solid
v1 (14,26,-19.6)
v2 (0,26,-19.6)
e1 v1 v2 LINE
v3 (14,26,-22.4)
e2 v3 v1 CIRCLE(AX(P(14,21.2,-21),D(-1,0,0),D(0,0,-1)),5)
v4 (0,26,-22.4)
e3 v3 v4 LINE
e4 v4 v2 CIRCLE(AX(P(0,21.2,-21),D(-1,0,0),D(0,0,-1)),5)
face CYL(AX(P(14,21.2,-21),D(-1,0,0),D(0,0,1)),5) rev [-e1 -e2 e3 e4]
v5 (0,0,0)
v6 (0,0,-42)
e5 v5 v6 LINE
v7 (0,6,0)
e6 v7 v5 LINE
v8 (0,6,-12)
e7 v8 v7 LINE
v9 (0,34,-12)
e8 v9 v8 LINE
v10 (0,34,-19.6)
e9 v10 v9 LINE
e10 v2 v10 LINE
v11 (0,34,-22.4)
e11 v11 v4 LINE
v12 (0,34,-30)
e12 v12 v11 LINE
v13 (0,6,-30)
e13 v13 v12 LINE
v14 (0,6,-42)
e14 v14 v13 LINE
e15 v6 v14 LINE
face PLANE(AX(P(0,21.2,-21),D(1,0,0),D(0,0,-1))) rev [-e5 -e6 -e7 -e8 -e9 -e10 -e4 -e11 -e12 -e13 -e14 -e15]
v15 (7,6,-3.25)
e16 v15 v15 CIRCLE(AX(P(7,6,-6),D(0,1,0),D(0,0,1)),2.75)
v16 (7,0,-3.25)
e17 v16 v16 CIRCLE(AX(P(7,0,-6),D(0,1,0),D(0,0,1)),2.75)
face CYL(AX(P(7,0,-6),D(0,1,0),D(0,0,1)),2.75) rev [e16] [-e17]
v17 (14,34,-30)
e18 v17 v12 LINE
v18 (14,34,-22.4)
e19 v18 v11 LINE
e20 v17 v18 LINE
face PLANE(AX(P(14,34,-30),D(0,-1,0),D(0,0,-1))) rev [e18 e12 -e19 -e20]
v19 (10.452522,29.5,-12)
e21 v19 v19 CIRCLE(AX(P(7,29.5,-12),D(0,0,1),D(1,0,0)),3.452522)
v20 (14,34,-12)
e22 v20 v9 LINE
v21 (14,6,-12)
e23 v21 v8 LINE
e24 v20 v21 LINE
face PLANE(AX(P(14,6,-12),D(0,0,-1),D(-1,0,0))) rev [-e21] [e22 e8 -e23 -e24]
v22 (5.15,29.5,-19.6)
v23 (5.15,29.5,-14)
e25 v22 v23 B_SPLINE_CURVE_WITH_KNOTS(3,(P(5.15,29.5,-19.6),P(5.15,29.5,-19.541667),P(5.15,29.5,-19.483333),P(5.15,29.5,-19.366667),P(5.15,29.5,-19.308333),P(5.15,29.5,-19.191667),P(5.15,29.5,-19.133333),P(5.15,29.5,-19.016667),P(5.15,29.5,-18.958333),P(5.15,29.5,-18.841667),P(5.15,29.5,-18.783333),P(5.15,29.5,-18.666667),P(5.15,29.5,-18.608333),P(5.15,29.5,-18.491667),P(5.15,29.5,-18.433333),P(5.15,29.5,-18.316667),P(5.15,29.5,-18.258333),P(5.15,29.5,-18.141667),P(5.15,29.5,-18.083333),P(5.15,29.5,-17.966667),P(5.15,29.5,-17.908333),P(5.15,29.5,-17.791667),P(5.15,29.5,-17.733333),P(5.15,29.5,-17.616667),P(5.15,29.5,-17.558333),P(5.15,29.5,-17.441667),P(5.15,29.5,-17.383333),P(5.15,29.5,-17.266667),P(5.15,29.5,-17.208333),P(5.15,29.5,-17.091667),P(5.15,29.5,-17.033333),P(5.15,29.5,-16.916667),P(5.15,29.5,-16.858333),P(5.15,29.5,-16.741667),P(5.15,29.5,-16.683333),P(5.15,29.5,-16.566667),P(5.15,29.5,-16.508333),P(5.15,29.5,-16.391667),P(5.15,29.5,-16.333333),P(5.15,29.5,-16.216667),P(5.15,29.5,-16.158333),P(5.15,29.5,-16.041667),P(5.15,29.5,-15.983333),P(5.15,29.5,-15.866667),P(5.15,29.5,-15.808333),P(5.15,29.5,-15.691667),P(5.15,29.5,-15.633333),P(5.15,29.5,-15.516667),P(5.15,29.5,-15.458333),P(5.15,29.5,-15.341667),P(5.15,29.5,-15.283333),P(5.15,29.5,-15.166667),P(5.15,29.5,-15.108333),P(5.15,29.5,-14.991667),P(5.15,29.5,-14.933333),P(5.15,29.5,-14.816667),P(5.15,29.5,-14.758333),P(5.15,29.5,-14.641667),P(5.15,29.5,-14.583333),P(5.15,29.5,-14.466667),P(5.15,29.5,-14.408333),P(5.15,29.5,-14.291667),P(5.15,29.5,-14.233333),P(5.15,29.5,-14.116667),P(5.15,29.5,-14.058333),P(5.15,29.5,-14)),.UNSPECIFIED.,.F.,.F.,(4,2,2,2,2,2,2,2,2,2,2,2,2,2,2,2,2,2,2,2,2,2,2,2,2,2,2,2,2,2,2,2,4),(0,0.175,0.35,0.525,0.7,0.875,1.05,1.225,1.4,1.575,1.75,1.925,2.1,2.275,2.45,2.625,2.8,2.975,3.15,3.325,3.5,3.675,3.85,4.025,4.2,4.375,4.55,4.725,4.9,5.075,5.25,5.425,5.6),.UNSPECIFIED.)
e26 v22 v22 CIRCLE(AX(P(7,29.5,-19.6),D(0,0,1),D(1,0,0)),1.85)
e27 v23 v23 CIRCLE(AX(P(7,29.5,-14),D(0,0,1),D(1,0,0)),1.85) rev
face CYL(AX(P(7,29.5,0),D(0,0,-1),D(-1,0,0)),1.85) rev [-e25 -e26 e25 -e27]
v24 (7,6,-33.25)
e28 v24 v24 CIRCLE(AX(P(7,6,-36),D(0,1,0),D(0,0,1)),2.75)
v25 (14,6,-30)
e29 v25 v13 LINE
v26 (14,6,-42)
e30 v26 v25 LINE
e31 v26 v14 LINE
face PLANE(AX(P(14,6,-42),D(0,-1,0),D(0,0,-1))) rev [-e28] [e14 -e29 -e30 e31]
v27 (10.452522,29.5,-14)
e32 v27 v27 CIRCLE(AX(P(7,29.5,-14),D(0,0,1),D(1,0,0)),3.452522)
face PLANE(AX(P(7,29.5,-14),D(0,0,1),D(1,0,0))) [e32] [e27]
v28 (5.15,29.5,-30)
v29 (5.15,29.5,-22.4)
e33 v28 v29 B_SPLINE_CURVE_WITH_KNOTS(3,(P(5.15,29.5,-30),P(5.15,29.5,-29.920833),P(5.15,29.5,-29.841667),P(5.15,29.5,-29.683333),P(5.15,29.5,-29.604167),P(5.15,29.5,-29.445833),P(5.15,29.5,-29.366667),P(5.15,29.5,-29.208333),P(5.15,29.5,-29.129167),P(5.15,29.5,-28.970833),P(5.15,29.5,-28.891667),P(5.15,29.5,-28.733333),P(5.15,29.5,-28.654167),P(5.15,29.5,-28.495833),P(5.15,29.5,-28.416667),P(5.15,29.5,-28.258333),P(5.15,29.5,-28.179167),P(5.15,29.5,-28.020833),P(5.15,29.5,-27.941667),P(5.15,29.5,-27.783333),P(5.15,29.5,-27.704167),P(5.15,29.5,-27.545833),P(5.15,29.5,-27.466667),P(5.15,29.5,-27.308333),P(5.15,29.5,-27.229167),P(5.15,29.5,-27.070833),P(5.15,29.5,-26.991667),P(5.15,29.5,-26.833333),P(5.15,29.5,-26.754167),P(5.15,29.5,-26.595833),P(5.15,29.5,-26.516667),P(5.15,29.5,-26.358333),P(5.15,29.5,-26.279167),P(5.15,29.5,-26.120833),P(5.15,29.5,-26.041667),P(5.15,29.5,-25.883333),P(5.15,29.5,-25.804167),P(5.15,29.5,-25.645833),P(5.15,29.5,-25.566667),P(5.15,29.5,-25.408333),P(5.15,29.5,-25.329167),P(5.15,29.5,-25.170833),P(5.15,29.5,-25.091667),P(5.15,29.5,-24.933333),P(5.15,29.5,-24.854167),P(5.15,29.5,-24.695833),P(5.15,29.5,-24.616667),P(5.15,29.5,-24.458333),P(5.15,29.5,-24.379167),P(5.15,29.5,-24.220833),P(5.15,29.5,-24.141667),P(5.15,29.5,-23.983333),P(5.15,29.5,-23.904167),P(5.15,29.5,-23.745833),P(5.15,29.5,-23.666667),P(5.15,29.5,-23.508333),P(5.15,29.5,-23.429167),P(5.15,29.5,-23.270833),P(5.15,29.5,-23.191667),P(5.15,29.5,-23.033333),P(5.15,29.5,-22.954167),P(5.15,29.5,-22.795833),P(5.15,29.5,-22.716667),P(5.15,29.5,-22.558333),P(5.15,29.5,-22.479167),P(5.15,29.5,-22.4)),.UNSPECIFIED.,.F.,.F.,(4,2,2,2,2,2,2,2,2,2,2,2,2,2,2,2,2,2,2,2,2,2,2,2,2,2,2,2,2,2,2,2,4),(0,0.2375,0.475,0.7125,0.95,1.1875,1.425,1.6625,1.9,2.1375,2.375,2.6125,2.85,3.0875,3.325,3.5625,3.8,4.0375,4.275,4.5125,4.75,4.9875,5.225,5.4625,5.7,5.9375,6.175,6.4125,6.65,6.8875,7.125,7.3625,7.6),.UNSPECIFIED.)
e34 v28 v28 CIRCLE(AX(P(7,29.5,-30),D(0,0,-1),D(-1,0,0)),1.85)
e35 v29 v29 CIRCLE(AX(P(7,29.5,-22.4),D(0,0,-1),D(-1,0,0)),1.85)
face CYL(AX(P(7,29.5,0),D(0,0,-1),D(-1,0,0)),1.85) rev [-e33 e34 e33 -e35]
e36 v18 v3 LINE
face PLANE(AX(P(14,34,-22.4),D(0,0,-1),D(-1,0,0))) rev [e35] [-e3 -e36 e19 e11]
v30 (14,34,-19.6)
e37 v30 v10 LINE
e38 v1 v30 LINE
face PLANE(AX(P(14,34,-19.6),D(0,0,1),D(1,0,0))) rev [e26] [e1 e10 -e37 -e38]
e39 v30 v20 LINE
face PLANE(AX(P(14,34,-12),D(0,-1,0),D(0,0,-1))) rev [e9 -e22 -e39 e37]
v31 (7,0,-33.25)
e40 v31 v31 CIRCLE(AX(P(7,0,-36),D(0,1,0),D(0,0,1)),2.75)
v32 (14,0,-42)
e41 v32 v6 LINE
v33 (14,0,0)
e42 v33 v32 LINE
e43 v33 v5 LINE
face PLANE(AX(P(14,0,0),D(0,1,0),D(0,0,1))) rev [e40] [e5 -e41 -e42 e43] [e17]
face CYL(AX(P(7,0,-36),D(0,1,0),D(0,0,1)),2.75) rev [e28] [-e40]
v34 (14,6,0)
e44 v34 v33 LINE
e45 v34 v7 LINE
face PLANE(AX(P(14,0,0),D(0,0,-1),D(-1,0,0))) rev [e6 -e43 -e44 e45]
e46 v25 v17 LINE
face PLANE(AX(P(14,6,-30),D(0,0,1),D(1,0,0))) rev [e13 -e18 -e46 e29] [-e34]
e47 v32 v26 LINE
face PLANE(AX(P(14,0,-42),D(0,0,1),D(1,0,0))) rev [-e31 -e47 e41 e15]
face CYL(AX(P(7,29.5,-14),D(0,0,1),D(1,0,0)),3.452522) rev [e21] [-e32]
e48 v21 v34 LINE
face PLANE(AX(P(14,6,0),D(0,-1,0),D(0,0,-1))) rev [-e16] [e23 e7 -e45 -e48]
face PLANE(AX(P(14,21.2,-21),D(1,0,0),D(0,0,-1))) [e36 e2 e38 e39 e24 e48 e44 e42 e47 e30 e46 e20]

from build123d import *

# Parameters (mm, degrees)
BOSS_EXTRUDE1_DEPTH = 14
SKETCH3_R           = 1.85
CUT_EXTRUDE1_DEPTH  = 48.455242071
SKETCH4_R           = 2.75
CUT_EXTRUDE2_DEPTH  = 53.383203415
SKETCH5_R           = 3.452522479
CUT_EXTRUDE3_DEPTH  = 2


with BuildPart() as part:
    # Sketch2 → Boss-Extrude1 (new body)
    with BuildSketch(Plane(origin=(0, 0, 0), x_dir=(0, 0, -1), z_dir=(1, 0, 0))):
        with BuildLine():
            Line((0, 0), (42, 0))
            Line((42, 0), (42, 6))
            Line((42, 6), (30, 6))
            Line((30, 6), (30, 34))
            Line((30, 34), (22.4, 34))
            Line((22.4, 34), (22.4, 26))
            ThreePointArc((22.4, 26), (21, 16.2), (19.6, 26))
            Line((19.6, 26), (19.6, 34))
            Line((19.6, 34), (12, 34))
            Line((12, 34), (12, 6))
            Line((12, 6), (0, 6))
            Line((0, 6), (0, 0))
        make_face()
    extrude(amount=BOSS_EXTRUDE1_DEPTH)

    # Sketch3 → Cut-Extrude1 (cut, through all)
    with BuildSketch(Plane(origin=(0, 0, -30), x_dir=(-1, 0, 0), z_dir=(0, 0, -1))):
        with Locations((-7, 29.5)):
            Circle(SKETCH3_R)
    extrude(amount=-CUT_EXTRUDE1_DEPTH, mode=Mode.SUBTRACT)

    # Sketch4 → Cut-Extrude2 (cut, through all)
    with BuildSketch(Plane(origin=(0, 6, 0), x_dir=(1, 0, 0), z_dir=(0, 1, 0))):
        with Locations(Location((7, 36, 0), (0, 0, 270))):
            Circle(SKETCH4_R)
        with Locations(Location((7, 6, 0), (0, 0, 270))):
            Circle(SKETCH4_R)
    extrude(amount=-CUT_EXTRUDE2_DEPTH, mode=Mode.SUBTRACT)

    # Sketch5 → Cut-Extrude3 (cut)
    with BuildSketch(Plane.XY.offset(-12)):
        with Locations((7, 29.5)):
            Circle(SKETCH5_R)
    extrude(amount=-CUT_EXTRUDE3_DEPTH, mode=Mode.SUBTRACT)


solid = part.part
